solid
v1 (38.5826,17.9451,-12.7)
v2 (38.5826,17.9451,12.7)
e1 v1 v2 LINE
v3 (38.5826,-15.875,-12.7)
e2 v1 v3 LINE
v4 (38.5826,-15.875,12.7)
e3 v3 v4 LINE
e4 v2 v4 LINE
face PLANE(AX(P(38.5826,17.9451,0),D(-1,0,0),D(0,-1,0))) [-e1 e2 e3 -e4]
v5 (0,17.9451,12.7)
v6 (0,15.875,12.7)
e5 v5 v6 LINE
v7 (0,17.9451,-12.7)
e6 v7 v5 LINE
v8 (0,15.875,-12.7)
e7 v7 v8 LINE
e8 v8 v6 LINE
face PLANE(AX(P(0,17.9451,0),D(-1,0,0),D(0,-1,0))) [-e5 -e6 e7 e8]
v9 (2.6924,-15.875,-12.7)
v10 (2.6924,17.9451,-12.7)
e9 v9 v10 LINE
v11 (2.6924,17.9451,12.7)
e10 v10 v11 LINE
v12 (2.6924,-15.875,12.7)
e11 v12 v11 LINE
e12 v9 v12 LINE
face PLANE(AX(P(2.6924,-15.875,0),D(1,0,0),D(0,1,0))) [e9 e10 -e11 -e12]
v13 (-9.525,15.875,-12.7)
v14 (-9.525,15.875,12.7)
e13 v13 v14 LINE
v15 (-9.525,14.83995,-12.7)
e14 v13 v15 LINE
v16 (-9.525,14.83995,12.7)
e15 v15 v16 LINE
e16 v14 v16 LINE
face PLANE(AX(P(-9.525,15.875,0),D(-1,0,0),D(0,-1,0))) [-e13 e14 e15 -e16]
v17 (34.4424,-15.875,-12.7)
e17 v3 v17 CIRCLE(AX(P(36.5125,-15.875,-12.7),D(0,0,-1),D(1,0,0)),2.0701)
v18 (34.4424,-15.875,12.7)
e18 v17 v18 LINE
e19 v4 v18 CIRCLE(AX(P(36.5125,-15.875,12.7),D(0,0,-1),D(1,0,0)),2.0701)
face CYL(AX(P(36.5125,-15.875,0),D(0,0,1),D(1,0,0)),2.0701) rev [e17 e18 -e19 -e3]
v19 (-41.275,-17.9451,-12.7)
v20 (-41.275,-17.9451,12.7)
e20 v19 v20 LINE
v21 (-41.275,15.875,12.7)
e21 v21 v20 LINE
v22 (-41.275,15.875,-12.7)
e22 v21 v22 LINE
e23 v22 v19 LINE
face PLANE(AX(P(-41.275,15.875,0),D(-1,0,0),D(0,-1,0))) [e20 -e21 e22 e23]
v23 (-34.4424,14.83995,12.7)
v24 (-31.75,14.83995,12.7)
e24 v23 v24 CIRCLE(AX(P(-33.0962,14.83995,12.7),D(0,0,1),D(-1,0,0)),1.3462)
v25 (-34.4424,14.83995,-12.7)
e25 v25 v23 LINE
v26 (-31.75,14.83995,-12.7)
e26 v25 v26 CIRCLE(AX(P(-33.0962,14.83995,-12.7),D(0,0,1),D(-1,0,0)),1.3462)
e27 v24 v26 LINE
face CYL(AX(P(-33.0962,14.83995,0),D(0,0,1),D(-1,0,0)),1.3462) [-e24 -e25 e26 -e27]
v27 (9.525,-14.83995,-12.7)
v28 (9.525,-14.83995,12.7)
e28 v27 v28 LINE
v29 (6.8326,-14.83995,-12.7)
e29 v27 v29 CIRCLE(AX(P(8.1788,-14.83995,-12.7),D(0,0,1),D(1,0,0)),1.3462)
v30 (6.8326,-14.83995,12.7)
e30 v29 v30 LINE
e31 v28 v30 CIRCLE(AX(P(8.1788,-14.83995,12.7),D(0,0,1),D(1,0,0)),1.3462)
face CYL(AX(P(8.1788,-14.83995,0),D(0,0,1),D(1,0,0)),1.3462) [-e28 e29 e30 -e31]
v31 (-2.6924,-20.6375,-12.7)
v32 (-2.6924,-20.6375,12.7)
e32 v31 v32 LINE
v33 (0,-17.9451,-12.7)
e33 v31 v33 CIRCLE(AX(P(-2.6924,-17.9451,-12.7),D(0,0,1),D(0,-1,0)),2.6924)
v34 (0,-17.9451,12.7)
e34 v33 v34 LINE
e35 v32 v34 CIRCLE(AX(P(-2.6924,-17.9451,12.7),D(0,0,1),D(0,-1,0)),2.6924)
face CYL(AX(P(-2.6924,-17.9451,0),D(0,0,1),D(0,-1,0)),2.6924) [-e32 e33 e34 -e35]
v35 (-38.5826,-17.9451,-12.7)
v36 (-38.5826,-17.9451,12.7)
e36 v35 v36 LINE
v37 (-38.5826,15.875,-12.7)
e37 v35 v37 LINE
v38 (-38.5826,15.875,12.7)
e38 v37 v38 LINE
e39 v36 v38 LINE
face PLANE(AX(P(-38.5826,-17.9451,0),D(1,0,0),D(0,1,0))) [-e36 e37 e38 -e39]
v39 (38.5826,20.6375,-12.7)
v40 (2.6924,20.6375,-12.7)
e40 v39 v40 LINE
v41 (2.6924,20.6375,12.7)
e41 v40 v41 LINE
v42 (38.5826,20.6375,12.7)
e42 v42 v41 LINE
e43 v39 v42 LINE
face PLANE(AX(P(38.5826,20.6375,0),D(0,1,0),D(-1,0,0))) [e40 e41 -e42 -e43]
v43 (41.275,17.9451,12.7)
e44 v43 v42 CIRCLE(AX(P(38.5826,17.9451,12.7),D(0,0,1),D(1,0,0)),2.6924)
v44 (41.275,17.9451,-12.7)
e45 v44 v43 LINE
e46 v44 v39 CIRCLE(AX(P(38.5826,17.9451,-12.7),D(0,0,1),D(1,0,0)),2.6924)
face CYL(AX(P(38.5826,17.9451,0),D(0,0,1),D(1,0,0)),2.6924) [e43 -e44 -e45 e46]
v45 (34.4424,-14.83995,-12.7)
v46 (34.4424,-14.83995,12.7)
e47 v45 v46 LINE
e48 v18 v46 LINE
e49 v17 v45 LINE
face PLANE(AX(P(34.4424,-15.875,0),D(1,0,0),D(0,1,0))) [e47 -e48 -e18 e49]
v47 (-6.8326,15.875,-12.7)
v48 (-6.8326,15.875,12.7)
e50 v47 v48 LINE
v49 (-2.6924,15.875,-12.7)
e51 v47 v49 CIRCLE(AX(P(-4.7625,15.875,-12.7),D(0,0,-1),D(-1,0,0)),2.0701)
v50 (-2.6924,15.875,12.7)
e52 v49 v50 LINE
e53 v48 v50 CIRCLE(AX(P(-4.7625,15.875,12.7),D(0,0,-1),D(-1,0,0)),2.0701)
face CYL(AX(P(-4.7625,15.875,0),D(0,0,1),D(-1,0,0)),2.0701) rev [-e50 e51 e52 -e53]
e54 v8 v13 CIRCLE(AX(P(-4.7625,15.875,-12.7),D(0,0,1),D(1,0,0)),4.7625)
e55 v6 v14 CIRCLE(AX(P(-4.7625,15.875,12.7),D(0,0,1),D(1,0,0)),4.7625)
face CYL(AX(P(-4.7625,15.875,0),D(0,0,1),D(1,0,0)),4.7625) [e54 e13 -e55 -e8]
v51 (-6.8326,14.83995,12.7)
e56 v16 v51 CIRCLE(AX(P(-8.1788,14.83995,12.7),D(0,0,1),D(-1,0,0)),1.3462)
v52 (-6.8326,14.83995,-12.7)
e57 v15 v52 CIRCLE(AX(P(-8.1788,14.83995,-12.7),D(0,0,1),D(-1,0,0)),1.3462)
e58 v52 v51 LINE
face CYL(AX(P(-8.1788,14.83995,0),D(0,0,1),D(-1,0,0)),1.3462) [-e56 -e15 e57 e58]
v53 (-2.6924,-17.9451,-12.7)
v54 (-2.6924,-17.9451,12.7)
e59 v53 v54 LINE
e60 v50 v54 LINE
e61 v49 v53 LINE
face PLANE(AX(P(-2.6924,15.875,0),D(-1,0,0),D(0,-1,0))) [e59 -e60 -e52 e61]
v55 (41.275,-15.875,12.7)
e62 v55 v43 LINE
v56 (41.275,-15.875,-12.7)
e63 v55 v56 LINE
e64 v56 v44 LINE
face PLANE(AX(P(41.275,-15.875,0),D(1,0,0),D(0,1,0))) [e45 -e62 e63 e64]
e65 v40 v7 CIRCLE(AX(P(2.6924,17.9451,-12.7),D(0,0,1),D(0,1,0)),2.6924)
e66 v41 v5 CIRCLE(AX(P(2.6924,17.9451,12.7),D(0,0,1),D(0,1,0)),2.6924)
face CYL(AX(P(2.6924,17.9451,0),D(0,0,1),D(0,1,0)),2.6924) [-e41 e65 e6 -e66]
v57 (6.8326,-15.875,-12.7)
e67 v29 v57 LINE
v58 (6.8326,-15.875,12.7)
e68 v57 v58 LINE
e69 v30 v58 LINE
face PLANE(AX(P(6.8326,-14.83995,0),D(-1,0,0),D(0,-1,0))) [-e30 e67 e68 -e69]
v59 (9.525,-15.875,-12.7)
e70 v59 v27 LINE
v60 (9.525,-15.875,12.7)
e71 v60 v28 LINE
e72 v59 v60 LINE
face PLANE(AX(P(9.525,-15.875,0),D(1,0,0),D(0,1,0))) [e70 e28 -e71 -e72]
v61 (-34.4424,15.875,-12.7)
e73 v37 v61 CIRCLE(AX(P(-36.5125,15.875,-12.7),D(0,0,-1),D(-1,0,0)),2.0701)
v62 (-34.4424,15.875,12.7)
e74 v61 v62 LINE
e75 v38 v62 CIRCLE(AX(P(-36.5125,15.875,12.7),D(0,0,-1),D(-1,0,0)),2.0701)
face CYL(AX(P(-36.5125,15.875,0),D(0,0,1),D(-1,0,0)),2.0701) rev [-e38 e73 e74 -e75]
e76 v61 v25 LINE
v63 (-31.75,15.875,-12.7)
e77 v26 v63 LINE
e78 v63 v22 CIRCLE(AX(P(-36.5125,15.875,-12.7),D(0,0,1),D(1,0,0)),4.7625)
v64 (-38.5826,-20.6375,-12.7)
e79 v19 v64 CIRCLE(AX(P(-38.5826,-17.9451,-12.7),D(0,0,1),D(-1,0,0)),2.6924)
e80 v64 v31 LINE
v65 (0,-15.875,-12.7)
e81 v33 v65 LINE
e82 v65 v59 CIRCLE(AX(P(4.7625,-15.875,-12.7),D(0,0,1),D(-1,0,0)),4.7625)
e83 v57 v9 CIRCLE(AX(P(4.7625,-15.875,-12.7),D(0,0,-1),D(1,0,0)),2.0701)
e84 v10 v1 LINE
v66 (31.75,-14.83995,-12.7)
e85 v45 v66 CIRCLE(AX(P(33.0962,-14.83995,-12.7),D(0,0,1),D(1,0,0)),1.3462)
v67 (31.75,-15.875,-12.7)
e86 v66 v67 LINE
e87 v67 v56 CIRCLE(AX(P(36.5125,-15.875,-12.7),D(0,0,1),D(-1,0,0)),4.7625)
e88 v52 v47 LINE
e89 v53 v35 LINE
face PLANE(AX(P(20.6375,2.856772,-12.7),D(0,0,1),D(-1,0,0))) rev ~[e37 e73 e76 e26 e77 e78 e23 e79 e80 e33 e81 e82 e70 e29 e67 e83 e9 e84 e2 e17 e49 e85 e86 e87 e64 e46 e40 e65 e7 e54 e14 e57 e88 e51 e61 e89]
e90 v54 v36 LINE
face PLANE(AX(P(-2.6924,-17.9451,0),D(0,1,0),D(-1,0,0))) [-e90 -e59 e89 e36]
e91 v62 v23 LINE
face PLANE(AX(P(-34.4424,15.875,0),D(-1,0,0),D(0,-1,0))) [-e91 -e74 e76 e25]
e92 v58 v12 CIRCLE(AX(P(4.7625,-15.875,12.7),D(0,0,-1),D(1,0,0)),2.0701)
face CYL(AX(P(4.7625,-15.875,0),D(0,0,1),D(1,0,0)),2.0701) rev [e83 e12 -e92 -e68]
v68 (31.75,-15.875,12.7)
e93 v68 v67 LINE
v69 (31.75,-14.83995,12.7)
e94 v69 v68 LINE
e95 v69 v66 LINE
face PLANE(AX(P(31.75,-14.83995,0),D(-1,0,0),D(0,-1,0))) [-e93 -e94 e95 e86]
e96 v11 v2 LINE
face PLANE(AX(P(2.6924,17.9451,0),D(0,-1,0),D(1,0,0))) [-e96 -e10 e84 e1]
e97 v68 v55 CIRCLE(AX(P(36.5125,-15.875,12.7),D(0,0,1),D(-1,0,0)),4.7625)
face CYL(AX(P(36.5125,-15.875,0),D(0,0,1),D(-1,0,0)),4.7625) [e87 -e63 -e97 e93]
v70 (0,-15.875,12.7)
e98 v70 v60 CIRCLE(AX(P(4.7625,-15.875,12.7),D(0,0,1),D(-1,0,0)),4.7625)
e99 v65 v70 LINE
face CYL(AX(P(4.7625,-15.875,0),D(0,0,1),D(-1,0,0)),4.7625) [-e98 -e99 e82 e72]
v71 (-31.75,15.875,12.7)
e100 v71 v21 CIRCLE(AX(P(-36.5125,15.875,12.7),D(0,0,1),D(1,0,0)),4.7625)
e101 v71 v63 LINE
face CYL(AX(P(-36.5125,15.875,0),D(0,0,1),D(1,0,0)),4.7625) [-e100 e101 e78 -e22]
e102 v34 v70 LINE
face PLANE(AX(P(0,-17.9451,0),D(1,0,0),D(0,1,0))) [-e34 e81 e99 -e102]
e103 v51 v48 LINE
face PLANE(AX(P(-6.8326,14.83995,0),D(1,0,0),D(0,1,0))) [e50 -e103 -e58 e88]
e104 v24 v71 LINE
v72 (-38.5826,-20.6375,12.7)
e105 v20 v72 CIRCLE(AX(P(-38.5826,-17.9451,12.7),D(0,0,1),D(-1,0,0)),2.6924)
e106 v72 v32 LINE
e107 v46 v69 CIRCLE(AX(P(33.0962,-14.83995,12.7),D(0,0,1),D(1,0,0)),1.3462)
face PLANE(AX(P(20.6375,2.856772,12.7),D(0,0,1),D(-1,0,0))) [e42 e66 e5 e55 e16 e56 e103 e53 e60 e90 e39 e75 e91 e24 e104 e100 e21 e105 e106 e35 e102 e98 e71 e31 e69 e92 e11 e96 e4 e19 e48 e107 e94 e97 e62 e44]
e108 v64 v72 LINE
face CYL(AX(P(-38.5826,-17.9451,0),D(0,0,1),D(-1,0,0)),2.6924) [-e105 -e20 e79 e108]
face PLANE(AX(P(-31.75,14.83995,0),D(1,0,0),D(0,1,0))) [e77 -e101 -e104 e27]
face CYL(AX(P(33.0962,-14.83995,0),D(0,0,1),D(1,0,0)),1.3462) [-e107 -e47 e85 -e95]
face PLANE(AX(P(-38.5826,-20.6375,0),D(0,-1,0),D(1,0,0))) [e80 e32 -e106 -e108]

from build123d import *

# Parameters (mm, degrees)
BASE_EXTRUDE_DEPTH = 12.7
CIRPATTERN1_COUNT  = 2


with BuildPart() as part:
    # Sketch1 → Base-Extrude (new, symmetric)
    with BuildSketch(Plane.XY):
        with BuildLine():
            Line((-41.275, 15.875), (-41.275, -17.9451))
            ThreePointArc((-41.275, -17.9451), (-40.486414298, -19.848914298), (-38.5826, -20.6375))
            Line((-38.5826, -20.6375), (-2.6924, -20.6375))
            ThreePointArc((-2.6924, -20.6375), (-0.788585702, -19.848914298), (0, -17.9451))
            Line((0, -17.9451), (0, 15.875))
            ThreePointArc((0, 15.875), (-4.7625, 20.6375), (-9.525, 15.875))
            Line((-9.525, 15.875), (-9.525, 14.83995))
            ThreePointArc((-9.525, 14.83995), (-8.1788, 13.49375), (-6.8326, 14.83995))
            Line((-6.8326, 14.83995), (-6.8326, 15.875))
            ThreePointArc((-6.8326, 15.875), (-4.7625, 17.9451), (-2.6924, 15.875))
            Line((-2.6924, 15.875), (-2.6924, -17.9451))
            Line((-2.6924, -17.9451), (-38.5826, -17.9451))
            Line((-38.5826, -17.9451), (-38.5826, 15.875))
            ThreePointArc((-38.5826, 15.875), (-36.5125, 17.9451), (-34.4424, 15.875))
            Line((-34.4424, 15.875), (-34.4424, 14.83995))
            ThreePointArc((-34.4424, 14.83995), (-33.0962, 13.49375), (-31.75, 14.83995))
            Line((-31.75, 14.83995), (-31.75, 15.875))
            ThreePointArc((-31.75, 15.875), (-36.5125, 20.6375), (-41.275, 15.875))
        make_face()
    base_extrude = extrude(amount=BASE_EXTRUDE_DEPTH, both=True)

    # CirPattern1: Base-Extrude ×2 about axis
    cirpattern1_axis = Axis((0, 0, 0), (0, 0, 1))
    for i in range(1, CIRPATTERN1_COUNT):
        add(base_extrude.rotate(cirpattern1_axis, i * 360 / CIRPATTERN1_COUNT))


solid = part.part
